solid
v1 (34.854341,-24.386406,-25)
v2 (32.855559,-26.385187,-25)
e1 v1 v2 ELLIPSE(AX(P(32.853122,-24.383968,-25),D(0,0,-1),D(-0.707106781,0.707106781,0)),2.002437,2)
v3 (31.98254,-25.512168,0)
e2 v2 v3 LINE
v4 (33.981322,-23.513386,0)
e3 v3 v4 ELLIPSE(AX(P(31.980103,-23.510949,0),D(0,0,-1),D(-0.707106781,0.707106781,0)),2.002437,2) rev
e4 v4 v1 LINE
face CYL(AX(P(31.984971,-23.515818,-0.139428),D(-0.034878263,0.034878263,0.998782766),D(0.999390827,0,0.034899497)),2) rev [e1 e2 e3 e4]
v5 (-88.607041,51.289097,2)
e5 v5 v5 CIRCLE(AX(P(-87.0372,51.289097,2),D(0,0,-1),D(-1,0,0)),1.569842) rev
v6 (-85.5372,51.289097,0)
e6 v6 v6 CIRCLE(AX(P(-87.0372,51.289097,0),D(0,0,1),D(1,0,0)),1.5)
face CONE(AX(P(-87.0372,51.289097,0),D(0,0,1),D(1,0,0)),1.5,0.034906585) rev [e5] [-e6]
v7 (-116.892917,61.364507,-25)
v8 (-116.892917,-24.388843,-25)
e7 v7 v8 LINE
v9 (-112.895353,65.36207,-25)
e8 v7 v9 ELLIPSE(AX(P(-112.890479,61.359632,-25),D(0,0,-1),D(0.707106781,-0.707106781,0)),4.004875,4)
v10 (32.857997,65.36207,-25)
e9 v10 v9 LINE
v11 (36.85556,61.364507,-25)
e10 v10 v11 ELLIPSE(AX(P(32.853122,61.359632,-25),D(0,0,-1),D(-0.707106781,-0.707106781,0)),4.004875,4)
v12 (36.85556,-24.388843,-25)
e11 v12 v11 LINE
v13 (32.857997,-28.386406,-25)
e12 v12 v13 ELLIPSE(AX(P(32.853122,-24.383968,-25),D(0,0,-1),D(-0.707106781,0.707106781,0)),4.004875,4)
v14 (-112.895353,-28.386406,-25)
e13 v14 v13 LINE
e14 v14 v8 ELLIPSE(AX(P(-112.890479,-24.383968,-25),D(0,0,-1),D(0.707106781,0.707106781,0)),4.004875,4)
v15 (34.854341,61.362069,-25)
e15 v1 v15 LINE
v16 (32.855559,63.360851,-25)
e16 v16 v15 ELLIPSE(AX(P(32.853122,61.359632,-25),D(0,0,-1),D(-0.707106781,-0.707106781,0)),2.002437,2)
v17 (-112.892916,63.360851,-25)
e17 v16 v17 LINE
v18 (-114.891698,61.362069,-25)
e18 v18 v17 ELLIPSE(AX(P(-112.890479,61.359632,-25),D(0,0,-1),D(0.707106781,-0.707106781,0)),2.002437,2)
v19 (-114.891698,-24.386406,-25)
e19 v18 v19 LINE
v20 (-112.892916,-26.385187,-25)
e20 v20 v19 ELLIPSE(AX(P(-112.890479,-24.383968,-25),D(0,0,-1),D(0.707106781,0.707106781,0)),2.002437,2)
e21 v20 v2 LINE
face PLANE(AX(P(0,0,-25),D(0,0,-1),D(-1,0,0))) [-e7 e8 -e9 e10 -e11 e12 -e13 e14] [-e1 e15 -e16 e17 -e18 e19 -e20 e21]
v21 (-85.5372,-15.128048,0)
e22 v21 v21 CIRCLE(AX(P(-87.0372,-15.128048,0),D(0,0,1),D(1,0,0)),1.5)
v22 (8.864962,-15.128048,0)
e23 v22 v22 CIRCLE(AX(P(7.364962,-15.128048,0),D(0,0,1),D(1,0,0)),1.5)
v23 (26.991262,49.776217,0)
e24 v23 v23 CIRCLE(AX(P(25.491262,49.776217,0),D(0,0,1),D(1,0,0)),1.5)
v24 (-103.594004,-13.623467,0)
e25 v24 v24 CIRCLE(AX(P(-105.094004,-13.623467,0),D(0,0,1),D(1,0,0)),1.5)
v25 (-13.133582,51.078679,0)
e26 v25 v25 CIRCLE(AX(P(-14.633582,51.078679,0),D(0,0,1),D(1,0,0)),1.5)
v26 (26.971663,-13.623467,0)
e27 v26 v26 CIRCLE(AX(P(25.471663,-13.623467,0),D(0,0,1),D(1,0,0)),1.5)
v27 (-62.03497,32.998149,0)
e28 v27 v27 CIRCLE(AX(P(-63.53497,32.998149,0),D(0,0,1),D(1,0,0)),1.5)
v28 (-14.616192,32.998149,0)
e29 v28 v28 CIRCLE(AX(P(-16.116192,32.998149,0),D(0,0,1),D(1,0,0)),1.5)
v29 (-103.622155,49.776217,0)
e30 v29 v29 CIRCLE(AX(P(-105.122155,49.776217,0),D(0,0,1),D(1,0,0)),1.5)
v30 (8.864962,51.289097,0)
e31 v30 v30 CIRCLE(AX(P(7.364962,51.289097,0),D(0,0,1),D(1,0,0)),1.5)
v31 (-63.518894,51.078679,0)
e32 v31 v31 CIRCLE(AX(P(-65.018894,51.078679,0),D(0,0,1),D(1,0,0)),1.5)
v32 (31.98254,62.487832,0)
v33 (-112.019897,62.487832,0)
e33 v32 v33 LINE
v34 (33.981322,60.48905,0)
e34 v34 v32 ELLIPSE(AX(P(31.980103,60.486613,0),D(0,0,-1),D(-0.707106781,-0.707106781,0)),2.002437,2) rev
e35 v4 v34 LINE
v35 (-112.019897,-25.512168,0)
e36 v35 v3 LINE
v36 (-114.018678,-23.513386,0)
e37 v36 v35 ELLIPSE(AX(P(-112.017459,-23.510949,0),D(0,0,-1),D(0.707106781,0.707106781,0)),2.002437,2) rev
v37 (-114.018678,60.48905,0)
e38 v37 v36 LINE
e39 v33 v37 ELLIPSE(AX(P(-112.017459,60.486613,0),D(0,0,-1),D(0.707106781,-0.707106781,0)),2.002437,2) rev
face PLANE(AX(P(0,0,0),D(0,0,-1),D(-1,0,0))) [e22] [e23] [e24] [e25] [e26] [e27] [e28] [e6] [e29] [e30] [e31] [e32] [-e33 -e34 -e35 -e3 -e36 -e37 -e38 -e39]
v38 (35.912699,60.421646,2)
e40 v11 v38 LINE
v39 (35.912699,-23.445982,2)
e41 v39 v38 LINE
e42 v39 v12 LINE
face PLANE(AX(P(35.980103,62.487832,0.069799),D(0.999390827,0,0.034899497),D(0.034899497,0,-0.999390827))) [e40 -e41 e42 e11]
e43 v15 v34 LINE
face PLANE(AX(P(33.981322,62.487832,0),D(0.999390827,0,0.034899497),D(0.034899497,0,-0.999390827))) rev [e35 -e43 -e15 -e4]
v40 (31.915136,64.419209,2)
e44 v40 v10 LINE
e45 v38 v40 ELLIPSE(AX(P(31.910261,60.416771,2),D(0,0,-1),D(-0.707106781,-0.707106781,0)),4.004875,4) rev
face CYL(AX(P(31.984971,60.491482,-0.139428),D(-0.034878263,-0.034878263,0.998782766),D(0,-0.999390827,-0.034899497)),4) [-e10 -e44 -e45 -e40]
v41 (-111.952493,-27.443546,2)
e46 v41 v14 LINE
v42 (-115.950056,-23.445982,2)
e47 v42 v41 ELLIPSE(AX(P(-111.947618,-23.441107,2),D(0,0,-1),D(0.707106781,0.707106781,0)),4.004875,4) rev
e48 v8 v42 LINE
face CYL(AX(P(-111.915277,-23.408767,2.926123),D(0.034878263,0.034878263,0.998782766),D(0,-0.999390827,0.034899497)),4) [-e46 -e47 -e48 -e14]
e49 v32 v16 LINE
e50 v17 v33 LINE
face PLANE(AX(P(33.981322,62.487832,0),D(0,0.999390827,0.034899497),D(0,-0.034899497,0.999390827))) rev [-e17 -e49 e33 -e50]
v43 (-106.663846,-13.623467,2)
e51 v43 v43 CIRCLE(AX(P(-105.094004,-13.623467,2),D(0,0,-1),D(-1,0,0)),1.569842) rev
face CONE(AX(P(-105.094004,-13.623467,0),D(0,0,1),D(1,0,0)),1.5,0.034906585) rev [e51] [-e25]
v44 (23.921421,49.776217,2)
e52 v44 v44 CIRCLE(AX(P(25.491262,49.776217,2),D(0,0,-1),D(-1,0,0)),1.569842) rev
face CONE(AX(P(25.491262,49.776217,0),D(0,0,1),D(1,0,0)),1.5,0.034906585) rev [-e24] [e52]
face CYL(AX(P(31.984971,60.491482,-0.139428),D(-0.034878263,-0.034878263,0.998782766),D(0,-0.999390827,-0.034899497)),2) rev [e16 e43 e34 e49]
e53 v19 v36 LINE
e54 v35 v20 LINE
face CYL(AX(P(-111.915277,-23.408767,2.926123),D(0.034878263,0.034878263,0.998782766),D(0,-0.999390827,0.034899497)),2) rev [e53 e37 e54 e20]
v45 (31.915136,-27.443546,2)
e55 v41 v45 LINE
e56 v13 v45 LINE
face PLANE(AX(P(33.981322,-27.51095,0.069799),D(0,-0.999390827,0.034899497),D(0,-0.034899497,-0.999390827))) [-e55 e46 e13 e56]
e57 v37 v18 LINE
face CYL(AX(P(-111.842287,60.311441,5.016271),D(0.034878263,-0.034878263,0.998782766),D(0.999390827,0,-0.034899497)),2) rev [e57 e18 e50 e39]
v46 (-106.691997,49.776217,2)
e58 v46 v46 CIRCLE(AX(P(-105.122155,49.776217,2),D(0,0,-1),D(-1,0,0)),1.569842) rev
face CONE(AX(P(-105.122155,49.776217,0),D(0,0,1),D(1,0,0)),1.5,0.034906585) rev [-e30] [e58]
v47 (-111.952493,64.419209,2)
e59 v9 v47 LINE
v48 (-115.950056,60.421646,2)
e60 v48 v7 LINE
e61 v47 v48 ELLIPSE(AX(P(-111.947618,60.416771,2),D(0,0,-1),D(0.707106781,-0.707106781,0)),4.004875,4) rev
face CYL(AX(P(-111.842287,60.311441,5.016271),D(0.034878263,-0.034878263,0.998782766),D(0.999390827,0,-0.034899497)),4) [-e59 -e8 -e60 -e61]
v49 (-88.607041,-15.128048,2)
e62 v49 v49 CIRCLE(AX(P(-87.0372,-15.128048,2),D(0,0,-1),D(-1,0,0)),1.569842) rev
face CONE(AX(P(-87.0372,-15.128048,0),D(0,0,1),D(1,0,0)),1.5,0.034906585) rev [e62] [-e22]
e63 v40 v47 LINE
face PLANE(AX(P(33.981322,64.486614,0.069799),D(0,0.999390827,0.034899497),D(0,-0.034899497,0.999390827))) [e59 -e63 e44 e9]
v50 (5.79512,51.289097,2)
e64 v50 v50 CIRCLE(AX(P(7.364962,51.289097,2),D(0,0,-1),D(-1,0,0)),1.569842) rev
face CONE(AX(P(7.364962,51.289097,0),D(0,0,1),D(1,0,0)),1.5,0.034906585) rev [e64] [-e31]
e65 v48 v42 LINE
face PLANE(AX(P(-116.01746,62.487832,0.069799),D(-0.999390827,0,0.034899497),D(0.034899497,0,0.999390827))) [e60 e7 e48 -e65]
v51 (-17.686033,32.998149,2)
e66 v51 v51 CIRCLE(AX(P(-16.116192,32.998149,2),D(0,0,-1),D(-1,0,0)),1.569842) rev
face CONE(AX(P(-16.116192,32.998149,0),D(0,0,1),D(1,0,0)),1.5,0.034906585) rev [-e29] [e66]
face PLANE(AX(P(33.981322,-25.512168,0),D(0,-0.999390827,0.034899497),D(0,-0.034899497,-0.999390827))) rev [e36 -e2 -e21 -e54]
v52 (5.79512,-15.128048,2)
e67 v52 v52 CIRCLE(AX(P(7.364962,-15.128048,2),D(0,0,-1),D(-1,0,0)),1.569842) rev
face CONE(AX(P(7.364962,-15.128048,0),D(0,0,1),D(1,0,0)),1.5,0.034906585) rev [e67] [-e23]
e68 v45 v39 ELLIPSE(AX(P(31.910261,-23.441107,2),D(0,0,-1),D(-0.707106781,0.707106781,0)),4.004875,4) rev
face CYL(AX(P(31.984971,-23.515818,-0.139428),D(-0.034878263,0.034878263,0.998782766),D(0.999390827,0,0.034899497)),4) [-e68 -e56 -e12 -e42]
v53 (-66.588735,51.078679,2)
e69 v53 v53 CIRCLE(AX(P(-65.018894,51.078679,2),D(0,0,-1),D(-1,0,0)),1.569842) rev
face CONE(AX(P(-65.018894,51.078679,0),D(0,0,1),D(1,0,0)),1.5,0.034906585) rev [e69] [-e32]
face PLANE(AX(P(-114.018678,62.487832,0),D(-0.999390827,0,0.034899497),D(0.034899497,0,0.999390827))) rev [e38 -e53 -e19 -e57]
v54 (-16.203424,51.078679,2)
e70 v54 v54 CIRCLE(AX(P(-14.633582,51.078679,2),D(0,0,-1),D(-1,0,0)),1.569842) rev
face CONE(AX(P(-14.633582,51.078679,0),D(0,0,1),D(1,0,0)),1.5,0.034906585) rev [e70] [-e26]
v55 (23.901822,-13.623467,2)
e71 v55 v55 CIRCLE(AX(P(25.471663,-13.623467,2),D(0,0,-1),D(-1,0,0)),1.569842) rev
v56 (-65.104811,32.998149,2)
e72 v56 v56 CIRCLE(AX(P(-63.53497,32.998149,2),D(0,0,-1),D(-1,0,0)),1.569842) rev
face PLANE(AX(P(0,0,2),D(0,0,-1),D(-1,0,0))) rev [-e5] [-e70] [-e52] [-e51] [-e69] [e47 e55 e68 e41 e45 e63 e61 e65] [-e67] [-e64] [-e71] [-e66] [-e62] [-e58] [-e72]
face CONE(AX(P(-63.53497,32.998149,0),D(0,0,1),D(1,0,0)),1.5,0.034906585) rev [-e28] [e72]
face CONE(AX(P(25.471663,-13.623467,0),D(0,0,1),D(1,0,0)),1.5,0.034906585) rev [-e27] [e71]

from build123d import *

# Parameters (mm, degrees)
SKETCH_1_W      = 148
SKETCH_1_H      = 88
SKETCH_1_R      = 1.5
EXTRUDE_1_DEPTH = 25
EXTRUDE_1_DRAFT = 2
FILLET_1_R      = 2
SHELL_1_T       = 2


with BuildPart() as part:
    # Эскиз1 → Бобышка-Вытянуть1 (with draft: the straight prism first)
    with BuildSketch(Plane.XY):
        with Locations((-40.018678, 18.487832)):
            Rectangle(SKETCH_1_W, SKETCH_1_H)
        with Locations((7.364962, 51.289097)):
            Circle(SKETCH_1_R, mode=Mode.SUBTRACT)
        with Locations((25.491262, 49.776217)):
            Circle(SKETCH_1_R, mode=Mode.SUBTRACT)
        with Locations((25.471663, -13.623467)):
            Circle(SKETCH_1_R, mode=Mode.SUBTRACT)
        with Locations((7.364962, -15.128048)):
            Circle(SKETCH_1_R, mode=Mode.SUBTRACT)
        with Locations((-14.633582, 51.078679)):
            Circle(SKETCH_1_R, mode=Mode.SUBTRACT)
        with Locations((-16.116192, 32.998149)):
            Circle(SKETCH_1_R, mode=Mode.SUBTRACT)
        with Locations((-65.018894, 51.078679)):
            Circle(SKETCH_1_R, mode=Mode.SUBTRACT)
        with Locations((-63.53497, 32.998149)):
            Circle(SKETCH_1_R, mode=Mode.SUBTRACT)
        with Locations((-87.0372, 51.289097)):
            Circle(SKETCH_1_R, mode=Mode.SUBTRACT)
        with Locations((-105.122155, 49.776217)):
            Circle(SKETCH_1_R, mode=Mode.SUBTRACT)
        with Locations((-87.0372, -15.128048)):
            Circle(SKETCH_1_R, mode=Mode.SUBTRACT)
        with Locations((-105.094004, -13.623467)):
            Circle(SKETCH_1_R, mode=Mode.SUBTRACT)
    extrude(amount=-EXTRUDE_1_DEPTH)
    # Бобышка-Вытянуть1: the draft: its side faces are tilted about the plane it starts from
    extrude_1_sides = [part.faces().sort_by_distance(p)[0] for p in [
        (-40.018678, 62.487832, -12.5),
        (-114.018678, 18.487832, -12.5),
        (-40.018678, -25.512168, -12.5),
        (33.981322, 18.487832, -12.5),
        (5.864962, 51.289097, -12.5),
        (23.991262, 49.776217, -12.5),
        (23.971663, -13.623467, -12.5),
        (5.864962, -15.128048, -12.5),
        (-16.133582, 51.078679, -12.5),
        (-17.616192, 32.998149, -12.5),
        (-66.518894, 51.078679, -12.5),
        (-65.03497, 32.998149, -12.5),
        (-88.5372, 51.289097, -12.5),
        (-106.622155, 49.776217, -12.5),
        (-88.5372, -15.128048, -12.5),
        (-106.594004, -13.623467, -12.5),
    ]]
    draft(extrude_1_sides, Plane.XY, EXTRUDE_1_DRAFT)

    # Скругление1
    fillet_1_edges = [part.edges().sort_by_distance(p)[0] for p in [
        (34.417831, -25.948678, -12.5),
        (-114.455188, -25.948678, -12.5),
        (-114.455188, 62.924342, -12.5),
        (34.417831, 62.924342, -12.5),
    ]]
    fillet(fillet_1_edges, radius=FILLET_1_R)

    # Оболочка1
    shell_1_openings = [part.faces().sort_by_distance(p)[0] for p in [
        (-40.018892, 18.479465, -25),
        (6.301471, 51.289097, -12.5),
        (24.427772, 49.776217, -12.5),
        (24.408173, -13.623467, -12.5),
        (6.301471, -15.128048, -12.5),
        (-15.697073, 51.078679, -12.5),
        (-17.179682, 32.998149, -12.5),
        (-66.082384, 51.078679, -12.5),
        (-64.59846, 32.998149, -12.5),
        (-88.10069, 51.289097, -12.5),
        (-106.185646, 49.776217, -12.5),
        (-88.10069, -15.128048, -12.5),
        (-106.157495, -13.623467, -12.5),
    ]]
    offset(amount=SHELL_1_T, openings=shell_1_openings, kind=Kind.INTERSECTION)


solid = part.part
